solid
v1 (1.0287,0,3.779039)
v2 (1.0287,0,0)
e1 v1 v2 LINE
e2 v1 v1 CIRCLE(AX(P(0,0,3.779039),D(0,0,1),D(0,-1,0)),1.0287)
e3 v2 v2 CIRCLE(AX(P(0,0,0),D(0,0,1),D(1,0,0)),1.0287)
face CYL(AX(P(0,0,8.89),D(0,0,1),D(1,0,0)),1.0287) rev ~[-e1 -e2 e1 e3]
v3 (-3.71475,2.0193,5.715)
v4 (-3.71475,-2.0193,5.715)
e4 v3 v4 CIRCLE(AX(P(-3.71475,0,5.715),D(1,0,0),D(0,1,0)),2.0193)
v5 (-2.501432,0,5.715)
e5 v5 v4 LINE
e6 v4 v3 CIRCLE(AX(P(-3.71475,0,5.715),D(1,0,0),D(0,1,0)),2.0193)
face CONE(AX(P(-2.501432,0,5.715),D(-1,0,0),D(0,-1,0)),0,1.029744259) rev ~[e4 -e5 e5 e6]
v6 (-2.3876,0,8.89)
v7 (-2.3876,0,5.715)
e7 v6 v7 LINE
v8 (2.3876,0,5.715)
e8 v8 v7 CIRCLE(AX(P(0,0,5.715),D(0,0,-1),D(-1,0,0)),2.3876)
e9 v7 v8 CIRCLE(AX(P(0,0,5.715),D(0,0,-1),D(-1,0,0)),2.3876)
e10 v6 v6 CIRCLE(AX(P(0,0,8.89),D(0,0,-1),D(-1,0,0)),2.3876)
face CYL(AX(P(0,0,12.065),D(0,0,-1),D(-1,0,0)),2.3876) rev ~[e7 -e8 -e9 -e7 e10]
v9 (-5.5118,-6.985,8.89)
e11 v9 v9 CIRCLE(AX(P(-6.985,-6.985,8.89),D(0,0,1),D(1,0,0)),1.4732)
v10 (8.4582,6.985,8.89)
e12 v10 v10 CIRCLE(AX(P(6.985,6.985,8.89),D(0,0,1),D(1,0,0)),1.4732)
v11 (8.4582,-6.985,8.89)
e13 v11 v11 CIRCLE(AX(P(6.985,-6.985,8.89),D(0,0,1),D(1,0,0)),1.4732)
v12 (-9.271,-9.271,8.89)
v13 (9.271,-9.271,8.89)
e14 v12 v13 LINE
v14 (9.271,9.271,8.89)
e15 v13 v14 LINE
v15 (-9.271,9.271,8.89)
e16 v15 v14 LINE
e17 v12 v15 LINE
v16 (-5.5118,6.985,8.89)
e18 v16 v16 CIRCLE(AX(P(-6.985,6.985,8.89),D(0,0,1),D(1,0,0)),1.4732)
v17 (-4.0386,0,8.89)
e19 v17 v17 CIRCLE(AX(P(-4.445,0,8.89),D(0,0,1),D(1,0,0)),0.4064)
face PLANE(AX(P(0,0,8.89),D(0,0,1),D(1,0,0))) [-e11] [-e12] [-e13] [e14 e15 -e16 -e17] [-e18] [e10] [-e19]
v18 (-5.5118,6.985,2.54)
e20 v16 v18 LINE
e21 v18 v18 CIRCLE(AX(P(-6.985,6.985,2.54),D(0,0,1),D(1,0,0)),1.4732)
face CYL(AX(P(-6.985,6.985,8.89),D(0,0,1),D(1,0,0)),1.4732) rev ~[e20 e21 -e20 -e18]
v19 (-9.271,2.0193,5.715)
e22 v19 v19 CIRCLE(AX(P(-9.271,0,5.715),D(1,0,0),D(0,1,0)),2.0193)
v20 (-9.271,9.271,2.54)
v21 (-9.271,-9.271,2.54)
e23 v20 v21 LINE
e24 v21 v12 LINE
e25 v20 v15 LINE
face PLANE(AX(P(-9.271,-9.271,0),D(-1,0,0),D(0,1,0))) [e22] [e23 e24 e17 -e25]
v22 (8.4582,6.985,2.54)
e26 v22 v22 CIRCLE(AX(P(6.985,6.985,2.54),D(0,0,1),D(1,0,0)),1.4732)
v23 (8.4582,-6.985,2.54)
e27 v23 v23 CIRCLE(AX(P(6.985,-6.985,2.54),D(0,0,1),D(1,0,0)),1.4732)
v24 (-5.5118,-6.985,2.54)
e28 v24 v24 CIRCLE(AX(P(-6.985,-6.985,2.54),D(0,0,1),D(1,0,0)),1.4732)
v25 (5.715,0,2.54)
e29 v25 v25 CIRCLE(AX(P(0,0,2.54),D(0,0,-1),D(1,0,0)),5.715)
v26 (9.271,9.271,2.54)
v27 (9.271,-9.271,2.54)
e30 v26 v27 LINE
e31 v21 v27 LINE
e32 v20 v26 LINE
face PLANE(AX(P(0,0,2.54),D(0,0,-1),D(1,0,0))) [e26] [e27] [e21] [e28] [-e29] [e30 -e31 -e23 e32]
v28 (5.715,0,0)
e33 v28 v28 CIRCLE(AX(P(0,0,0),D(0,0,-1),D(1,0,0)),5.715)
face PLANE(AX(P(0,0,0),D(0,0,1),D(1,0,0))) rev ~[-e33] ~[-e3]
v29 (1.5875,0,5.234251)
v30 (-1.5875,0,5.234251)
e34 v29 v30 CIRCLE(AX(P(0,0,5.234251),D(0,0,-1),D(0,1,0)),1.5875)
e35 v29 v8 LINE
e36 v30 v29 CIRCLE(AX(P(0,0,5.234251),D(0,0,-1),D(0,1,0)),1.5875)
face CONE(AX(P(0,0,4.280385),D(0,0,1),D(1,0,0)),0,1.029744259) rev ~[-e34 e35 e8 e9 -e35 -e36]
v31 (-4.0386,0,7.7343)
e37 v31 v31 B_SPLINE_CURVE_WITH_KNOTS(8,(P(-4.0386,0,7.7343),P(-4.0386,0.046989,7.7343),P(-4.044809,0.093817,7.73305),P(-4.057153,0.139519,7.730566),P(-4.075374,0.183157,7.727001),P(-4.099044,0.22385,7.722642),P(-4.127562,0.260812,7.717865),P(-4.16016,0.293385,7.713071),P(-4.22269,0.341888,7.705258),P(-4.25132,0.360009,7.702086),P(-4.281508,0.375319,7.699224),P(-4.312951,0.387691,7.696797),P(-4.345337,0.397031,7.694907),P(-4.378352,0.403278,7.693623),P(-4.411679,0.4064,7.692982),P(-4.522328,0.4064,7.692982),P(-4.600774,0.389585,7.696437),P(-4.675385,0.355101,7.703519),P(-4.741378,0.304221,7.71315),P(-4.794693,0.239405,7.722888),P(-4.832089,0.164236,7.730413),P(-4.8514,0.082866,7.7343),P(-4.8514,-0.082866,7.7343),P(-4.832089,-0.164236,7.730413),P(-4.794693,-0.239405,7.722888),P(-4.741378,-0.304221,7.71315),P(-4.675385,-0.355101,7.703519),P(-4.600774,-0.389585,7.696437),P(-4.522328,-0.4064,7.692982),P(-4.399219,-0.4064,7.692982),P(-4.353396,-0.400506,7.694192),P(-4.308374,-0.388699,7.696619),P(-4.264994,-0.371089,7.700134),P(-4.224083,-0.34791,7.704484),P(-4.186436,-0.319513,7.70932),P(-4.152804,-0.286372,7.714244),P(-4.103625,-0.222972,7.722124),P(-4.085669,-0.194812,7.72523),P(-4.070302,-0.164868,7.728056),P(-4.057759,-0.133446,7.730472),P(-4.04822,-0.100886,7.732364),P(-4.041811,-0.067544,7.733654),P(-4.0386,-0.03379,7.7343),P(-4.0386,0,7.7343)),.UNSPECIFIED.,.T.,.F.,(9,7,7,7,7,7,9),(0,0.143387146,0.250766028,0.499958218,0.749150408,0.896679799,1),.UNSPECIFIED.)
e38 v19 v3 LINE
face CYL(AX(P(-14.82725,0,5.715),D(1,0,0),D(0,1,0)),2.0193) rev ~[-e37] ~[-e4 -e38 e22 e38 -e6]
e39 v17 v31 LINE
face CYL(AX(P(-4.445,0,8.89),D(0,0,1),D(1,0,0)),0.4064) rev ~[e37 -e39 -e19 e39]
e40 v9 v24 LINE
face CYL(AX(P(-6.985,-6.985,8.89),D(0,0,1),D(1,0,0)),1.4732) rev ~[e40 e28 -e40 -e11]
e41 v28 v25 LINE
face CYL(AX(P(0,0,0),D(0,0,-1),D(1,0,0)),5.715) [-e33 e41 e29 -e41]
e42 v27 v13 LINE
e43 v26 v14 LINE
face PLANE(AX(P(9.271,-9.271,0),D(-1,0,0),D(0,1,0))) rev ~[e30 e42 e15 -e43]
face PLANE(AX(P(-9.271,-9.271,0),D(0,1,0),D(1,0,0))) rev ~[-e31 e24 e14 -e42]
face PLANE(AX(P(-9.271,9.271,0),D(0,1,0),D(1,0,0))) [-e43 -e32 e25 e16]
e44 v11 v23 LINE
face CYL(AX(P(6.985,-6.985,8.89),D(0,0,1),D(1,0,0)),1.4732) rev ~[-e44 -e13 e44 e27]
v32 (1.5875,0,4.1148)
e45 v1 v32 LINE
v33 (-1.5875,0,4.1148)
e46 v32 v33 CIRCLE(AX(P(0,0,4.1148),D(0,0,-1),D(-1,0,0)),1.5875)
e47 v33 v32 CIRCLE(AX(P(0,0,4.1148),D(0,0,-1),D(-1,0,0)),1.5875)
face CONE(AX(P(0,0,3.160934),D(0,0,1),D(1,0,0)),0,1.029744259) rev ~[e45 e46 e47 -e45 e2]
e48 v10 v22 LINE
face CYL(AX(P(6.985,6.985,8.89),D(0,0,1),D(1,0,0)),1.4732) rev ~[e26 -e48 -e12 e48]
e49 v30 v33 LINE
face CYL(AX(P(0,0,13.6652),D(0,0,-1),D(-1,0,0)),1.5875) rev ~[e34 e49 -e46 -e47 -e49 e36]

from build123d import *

# Parameters (mm, degrees)
F0_W      = 18.542
F0_H      = 18.542
F1_DEPTH  = 8.89
F2_R      = 1.0287
F3_DEPTH  = 8.891
F5_D      = 3.175
F5_DEPTH  = 4.7752
F5_TIP    = 0.9538662327
F7_D      = 4.7752
F7_DEPTH  = 3.175
F7_TIP    = 1.434614814
F8_R      = 0.4064
F9_DEPTH  = 3.175
F10_R     = 1.4732
F11_DEPTH = 8.891
F12_W     = 18.542
F12_H     = 18.542
F12_R     = 5.715
F13_DEPTH = 2.54
F15_D     = 4.0386
F15_DEPTH = 5.55625
F15_TIP   = 1.213317848


with BuildPart() as f1:
    # F0 (on Top) → F1 (new body)
    with BuildSketch(Plane.XY):
        Rectangle(F0_W, F0_H)
    extrude(amount=F1_DEPTH)

    # F2 (on face) → F3 (cut, through all)
    with BuildSketch(Plane.XY.offset(8.89)):
        Circle(F2_R)
    extrude(amount=-F3_DEPTH, mode=Mode.SUBTRACT)

    # F5
    with Locations(Plane.XY.offset(8.89)):
        with Locations((0, 0)):
            Hole(F5_D / 2, depth=F5_DEPTH)
            with Locations((0, 0, -(F5_DEPTH + F5_TIP / 2))):  # 118° drill point
                Cone(0, F5_D / 2, F5_TIP, mode=Mode.SUBTRACT)

    # F7
    with Locations(Plane.XY.offset(8.89)):
        with Locations((0, 0)):
            Hole(F7_D / 2, depth=F7_DEPTH)
            with Locations((0, 0, -(F7_DEPTH + F7_TIP / 2))):  # 118° drill point
                Cone(0, F7_D / 2, F7_TIP, mode=Mode.SUBTRACT)

    # F8 (on face) → F9 (cut)
    with BuildSketch(Plane.XY.offset(8.89)):
        with Locations((-4.445, 0)):
            Circle(F8_R)
    extrude(amount=-F9_DEPTH, mode=Mode.SUBTRACT)

    # F10 (on face) → F11 (cut, through all)
    with BuildSketch(Plane.XY.offset(8.89)):
        with Locations((-6.985, 6.985)):
            Circle(F10_R)
        with Locations((-6.985, -6.985)):
            Circle(F10_R)
        with Locations((6.985, 6.985)):
            Circle(F10_R)
        with Locations((6.985, -6.985)):
            Circle(F10_R)
    extrude(amount=-F11_DEPTH, mode=Mode.SUBTRACT)

    # F12 (on face) → F13 (cut)
    with BuildSketch(Plane(origin=(0, 0, 0), x_dir=(1, 0, 0), z_dir=(0, 0, -1))):
        Rectangle(F12_W, F12_H)
        Circle(F12_R, mode=Mode.SUBTRACT)
    extrude(amount=-F13_DEPTH, mode=Mode.SUBTRACT)

    # F15
    with Locations(Plane(origin=(-9.271, 0, 0), x_dir=(0, -1, 0), z_dir=(-1, 0, 0))):
        with Locations((0, 5.715)):
            Hole(F15_D / 2, depth=F15_DEPTH)
            with Locations((0, 0, -(F15_DEPTH + F15_TIP / 2))):  # 118° drill point
                Cone(0, F15_D / 2, F15_TIP, mode=Mode.SUBTRACT)


solid = f1.part
